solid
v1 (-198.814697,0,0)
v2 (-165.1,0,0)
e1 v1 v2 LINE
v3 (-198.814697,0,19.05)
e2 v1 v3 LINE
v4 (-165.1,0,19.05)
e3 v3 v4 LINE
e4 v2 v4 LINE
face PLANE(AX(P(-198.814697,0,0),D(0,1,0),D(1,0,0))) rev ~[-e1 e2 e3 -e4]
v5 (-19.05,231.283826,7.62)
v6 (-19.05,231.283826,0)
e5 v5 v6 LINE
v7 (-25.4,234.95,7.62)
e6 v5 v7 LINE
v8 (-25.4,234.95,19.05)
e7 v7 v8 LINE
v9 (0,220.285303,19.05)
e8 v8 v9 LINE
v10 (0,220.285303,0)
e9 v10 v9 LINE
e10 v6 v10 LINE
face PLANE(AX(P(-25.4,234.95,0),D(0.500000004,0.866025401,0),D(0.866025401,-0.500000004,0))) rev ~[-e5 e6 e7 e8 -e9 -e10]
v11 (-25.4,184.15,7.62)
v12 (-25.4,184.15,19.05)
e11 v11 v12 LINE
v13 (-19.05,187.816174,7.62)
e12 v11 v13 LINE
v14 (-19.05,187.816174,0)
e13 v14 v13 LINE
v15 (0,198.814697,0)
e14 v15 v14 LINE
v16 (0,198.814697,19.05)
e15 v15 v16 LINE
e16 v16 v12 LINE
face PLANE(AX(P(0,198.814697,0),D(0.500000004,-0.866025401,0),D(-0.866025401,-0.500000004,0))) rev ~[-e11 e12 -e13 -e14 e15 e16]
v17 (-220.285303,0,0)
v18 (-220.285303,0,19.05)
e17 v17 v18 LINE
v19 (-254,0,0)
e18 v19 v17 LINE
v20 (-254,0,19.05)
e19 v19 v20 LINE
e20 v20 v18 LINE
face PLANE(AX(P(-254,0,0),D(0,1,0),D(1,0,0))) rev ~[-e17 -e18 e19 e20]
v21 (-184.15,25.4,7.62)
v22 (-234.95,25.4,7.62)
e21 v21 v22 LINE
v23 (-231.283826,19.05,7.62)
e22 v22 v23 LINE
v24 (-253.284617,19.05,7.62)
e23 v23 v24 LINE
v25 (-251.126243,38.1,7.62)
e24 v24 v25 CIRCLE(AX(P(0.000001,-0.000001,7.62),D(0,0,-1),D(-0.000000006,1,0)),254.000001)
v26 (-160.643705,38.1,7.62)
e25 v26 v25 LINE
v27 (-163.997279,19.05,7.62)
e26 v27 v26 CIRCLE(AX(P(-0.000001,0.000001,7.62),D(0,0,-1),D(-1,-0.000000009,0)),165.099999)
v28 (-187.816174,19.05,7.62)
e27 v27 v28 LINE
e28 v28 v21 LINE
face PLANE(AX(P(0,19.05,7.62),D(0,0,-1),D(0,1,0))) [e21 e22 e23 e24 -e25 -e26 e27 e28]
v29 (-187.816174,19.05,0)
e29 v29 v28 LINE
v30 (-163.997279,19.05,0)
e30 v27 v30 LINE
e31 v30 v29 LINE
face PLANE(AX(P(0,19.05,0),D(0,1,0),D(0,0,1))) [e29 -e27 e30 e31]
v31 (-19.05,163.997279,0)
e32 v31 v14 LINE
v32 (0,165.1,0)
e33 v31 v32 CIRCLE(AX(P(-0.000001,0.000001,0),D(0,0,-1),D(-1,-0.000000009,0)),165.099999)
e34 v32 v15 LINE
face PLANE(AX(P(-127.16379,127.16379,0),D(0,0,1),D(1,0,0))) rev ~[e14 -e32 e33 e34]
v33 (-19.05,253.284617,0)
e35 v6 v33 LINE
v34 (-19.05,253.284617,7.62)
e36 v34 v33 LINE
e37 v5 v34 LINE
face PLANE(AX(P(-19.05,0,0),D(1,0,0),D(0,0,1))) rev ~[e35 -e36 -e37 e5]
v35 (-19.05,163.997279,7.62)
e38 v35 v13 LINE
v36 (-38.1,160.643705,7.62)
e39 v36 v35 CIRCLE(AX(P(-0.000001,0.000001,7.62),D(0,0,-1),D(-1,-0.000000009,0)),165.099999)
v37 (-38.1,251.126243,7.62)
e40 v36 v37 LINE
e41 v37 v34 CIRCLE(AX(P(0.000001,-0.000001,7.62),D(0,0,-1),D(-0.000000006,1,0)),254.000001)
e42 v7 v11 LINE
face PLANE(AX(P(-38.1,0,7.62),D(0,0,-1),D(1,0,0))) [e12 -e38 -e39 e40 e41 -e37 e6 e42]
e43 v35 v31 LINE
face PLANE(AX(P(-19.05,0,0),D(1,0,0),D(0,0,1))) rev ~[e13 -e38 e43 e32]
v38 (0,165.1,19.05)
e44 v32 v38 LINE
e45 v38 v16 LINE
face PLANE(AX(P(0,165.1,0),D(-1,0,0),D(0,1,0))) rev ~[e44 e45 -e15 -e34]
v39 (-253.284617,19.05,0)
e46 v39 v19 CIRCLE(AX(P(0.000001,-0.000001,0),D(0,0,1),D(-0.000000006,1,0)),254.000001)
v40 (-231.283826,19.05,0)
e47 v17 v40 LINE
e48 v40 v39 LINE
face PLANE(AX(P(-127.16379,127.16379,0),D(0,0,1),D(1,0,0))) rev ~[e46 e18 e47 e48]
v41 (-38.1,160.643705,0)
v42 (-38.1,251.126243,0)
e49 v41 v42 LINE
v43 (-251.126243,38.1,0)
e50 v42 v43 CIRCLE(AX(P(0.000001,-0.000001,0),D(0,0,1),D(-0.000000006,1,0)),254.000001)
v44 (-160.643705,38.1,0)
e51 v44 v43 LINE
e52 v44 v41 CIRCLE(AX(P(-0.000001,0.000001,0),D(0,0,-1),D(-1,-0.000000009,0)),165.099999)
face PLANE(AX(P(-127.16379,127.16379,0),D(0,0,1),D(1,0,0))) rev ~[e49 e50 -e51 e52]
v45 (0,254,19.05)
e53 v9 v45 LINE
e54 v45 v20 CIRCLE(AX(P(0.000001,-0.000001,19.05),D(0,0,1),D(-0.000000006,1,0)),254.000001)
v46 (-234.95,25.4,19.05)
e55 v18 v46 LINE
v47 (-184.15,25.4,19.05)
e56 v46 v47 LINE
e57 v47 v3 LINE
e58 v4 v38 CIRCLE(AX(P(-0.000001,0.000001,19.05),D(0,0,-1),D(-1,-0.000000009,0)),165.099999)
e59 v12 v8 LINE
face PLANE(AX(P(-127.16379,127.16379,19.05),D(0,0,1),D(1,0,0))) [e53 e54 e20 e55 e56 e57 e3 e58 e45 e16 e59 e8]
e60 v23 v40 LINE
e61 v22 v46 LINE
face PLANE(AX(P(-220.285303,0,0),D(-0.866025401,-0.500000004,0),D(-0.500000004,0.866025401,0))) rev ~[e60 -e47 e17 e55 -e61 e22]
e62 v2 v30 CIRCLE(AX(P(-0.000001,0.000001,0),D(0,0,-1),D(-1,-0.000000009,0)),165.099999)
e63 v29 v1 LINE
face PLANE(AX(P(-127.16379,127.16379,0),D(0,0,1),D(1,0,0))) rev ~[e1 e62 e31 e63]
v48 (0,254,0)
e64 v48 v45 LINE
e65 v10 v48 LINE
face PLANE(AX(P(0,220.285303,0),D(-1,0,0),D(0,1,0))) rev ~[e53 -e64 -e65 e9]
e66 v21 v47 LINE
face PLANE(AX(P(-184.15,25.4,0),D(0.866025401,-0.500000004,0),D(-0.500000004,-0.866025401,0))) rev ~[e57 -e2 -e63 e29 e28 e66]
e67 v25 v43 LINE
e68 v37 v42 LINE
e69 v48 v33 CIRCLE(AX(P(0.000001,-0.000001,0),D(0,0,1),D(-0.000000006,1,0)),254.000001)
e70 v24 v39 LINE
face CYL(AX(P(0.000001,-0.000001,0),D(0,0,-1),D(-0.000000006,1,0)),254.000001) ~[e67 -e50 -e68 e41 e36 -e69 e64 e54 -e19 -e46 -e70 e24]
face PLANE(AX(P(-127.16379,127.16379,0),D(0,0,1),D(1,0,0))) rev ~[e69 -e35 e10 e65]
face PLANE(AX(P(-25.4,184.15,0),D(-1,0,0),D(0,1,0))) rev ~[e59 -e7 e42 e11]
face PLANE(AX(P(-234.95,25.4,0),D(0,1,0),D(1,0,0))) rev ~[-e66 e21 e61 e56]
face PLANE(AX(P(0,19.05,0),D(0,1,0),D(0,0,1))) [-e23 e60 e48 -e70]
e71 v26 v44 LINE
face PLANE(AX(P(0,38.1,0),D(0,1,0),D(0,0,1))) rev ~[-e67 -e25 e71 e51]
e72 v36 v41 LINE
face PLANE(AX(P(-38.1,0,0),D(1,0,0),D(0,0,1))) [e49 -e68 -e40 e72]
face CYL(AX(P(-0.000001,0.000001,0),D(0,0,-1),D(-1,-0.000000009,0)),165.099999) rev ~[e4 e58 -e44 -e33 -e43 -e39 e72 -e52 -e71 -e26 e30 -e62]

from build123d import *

# Parameters (mm, degrees)
F1_DEPTH = 19.05
F2_W     = 19.05
F2_H     = 7.62
F3_DEPTH = 254.001
F4_W     = 19.05
F4_H     = 7.62
F5_DEPTH = 254.001


with BuildPart() as f1:
    # F0 (on Top) → F1 (new body)
    with BuildSketch(Plane.XY):
        with BuildLine():
            ThreePointArc((0, 254), (-179.605122, 179.605122), (-254, 0))
            Line((-254, 0), (-220.285303, 0))
            Line((-220.285303, 0), (-234.95, 25.4))
            Line((-234.95, 25.4), (-184.15, 25.4))
            Line((-184.15, 25.4), (-198.814697, 0))
            Line((-198.814697, 0), (-165.1, 0))
            ThreePointArc((-165.1, 0), (-116.74333, 116.74333), (0, 165.1))
            Line((0, 165.1), (0, 198.814697))
            Line((0, 198.814697), (-25.4, 184.15))
            Line((-25.4, 184.15), (-25.4, 234.95))
            Line((-25.4, 234.95), (0, 220.285303))
            Line((0, 220.285303), (0, 254))
        make_face()
    extrude(amount=F1_DEPTH)

    # F2 (on Right) → F3 (cut, through all)
    with BuildSketch(Plane.YZ):
        with Locations((28.575, 3.81)):
            Rectangle(F2_W, F2_H)
    extrude(amount=-F3_DEPTH, mode=Mode.SUBTRACT)

    # F4 (on Front) → F5 (cut, through all)
    with BuildSketch(Plane.XZ):
        with Locations((-28.575, 3.81)):
            Rectangle(F4_W, F4_H)
    extrude(amount=-F5_DEPTH, mode=Mode.SUBTRACT)


solid = f1.part
